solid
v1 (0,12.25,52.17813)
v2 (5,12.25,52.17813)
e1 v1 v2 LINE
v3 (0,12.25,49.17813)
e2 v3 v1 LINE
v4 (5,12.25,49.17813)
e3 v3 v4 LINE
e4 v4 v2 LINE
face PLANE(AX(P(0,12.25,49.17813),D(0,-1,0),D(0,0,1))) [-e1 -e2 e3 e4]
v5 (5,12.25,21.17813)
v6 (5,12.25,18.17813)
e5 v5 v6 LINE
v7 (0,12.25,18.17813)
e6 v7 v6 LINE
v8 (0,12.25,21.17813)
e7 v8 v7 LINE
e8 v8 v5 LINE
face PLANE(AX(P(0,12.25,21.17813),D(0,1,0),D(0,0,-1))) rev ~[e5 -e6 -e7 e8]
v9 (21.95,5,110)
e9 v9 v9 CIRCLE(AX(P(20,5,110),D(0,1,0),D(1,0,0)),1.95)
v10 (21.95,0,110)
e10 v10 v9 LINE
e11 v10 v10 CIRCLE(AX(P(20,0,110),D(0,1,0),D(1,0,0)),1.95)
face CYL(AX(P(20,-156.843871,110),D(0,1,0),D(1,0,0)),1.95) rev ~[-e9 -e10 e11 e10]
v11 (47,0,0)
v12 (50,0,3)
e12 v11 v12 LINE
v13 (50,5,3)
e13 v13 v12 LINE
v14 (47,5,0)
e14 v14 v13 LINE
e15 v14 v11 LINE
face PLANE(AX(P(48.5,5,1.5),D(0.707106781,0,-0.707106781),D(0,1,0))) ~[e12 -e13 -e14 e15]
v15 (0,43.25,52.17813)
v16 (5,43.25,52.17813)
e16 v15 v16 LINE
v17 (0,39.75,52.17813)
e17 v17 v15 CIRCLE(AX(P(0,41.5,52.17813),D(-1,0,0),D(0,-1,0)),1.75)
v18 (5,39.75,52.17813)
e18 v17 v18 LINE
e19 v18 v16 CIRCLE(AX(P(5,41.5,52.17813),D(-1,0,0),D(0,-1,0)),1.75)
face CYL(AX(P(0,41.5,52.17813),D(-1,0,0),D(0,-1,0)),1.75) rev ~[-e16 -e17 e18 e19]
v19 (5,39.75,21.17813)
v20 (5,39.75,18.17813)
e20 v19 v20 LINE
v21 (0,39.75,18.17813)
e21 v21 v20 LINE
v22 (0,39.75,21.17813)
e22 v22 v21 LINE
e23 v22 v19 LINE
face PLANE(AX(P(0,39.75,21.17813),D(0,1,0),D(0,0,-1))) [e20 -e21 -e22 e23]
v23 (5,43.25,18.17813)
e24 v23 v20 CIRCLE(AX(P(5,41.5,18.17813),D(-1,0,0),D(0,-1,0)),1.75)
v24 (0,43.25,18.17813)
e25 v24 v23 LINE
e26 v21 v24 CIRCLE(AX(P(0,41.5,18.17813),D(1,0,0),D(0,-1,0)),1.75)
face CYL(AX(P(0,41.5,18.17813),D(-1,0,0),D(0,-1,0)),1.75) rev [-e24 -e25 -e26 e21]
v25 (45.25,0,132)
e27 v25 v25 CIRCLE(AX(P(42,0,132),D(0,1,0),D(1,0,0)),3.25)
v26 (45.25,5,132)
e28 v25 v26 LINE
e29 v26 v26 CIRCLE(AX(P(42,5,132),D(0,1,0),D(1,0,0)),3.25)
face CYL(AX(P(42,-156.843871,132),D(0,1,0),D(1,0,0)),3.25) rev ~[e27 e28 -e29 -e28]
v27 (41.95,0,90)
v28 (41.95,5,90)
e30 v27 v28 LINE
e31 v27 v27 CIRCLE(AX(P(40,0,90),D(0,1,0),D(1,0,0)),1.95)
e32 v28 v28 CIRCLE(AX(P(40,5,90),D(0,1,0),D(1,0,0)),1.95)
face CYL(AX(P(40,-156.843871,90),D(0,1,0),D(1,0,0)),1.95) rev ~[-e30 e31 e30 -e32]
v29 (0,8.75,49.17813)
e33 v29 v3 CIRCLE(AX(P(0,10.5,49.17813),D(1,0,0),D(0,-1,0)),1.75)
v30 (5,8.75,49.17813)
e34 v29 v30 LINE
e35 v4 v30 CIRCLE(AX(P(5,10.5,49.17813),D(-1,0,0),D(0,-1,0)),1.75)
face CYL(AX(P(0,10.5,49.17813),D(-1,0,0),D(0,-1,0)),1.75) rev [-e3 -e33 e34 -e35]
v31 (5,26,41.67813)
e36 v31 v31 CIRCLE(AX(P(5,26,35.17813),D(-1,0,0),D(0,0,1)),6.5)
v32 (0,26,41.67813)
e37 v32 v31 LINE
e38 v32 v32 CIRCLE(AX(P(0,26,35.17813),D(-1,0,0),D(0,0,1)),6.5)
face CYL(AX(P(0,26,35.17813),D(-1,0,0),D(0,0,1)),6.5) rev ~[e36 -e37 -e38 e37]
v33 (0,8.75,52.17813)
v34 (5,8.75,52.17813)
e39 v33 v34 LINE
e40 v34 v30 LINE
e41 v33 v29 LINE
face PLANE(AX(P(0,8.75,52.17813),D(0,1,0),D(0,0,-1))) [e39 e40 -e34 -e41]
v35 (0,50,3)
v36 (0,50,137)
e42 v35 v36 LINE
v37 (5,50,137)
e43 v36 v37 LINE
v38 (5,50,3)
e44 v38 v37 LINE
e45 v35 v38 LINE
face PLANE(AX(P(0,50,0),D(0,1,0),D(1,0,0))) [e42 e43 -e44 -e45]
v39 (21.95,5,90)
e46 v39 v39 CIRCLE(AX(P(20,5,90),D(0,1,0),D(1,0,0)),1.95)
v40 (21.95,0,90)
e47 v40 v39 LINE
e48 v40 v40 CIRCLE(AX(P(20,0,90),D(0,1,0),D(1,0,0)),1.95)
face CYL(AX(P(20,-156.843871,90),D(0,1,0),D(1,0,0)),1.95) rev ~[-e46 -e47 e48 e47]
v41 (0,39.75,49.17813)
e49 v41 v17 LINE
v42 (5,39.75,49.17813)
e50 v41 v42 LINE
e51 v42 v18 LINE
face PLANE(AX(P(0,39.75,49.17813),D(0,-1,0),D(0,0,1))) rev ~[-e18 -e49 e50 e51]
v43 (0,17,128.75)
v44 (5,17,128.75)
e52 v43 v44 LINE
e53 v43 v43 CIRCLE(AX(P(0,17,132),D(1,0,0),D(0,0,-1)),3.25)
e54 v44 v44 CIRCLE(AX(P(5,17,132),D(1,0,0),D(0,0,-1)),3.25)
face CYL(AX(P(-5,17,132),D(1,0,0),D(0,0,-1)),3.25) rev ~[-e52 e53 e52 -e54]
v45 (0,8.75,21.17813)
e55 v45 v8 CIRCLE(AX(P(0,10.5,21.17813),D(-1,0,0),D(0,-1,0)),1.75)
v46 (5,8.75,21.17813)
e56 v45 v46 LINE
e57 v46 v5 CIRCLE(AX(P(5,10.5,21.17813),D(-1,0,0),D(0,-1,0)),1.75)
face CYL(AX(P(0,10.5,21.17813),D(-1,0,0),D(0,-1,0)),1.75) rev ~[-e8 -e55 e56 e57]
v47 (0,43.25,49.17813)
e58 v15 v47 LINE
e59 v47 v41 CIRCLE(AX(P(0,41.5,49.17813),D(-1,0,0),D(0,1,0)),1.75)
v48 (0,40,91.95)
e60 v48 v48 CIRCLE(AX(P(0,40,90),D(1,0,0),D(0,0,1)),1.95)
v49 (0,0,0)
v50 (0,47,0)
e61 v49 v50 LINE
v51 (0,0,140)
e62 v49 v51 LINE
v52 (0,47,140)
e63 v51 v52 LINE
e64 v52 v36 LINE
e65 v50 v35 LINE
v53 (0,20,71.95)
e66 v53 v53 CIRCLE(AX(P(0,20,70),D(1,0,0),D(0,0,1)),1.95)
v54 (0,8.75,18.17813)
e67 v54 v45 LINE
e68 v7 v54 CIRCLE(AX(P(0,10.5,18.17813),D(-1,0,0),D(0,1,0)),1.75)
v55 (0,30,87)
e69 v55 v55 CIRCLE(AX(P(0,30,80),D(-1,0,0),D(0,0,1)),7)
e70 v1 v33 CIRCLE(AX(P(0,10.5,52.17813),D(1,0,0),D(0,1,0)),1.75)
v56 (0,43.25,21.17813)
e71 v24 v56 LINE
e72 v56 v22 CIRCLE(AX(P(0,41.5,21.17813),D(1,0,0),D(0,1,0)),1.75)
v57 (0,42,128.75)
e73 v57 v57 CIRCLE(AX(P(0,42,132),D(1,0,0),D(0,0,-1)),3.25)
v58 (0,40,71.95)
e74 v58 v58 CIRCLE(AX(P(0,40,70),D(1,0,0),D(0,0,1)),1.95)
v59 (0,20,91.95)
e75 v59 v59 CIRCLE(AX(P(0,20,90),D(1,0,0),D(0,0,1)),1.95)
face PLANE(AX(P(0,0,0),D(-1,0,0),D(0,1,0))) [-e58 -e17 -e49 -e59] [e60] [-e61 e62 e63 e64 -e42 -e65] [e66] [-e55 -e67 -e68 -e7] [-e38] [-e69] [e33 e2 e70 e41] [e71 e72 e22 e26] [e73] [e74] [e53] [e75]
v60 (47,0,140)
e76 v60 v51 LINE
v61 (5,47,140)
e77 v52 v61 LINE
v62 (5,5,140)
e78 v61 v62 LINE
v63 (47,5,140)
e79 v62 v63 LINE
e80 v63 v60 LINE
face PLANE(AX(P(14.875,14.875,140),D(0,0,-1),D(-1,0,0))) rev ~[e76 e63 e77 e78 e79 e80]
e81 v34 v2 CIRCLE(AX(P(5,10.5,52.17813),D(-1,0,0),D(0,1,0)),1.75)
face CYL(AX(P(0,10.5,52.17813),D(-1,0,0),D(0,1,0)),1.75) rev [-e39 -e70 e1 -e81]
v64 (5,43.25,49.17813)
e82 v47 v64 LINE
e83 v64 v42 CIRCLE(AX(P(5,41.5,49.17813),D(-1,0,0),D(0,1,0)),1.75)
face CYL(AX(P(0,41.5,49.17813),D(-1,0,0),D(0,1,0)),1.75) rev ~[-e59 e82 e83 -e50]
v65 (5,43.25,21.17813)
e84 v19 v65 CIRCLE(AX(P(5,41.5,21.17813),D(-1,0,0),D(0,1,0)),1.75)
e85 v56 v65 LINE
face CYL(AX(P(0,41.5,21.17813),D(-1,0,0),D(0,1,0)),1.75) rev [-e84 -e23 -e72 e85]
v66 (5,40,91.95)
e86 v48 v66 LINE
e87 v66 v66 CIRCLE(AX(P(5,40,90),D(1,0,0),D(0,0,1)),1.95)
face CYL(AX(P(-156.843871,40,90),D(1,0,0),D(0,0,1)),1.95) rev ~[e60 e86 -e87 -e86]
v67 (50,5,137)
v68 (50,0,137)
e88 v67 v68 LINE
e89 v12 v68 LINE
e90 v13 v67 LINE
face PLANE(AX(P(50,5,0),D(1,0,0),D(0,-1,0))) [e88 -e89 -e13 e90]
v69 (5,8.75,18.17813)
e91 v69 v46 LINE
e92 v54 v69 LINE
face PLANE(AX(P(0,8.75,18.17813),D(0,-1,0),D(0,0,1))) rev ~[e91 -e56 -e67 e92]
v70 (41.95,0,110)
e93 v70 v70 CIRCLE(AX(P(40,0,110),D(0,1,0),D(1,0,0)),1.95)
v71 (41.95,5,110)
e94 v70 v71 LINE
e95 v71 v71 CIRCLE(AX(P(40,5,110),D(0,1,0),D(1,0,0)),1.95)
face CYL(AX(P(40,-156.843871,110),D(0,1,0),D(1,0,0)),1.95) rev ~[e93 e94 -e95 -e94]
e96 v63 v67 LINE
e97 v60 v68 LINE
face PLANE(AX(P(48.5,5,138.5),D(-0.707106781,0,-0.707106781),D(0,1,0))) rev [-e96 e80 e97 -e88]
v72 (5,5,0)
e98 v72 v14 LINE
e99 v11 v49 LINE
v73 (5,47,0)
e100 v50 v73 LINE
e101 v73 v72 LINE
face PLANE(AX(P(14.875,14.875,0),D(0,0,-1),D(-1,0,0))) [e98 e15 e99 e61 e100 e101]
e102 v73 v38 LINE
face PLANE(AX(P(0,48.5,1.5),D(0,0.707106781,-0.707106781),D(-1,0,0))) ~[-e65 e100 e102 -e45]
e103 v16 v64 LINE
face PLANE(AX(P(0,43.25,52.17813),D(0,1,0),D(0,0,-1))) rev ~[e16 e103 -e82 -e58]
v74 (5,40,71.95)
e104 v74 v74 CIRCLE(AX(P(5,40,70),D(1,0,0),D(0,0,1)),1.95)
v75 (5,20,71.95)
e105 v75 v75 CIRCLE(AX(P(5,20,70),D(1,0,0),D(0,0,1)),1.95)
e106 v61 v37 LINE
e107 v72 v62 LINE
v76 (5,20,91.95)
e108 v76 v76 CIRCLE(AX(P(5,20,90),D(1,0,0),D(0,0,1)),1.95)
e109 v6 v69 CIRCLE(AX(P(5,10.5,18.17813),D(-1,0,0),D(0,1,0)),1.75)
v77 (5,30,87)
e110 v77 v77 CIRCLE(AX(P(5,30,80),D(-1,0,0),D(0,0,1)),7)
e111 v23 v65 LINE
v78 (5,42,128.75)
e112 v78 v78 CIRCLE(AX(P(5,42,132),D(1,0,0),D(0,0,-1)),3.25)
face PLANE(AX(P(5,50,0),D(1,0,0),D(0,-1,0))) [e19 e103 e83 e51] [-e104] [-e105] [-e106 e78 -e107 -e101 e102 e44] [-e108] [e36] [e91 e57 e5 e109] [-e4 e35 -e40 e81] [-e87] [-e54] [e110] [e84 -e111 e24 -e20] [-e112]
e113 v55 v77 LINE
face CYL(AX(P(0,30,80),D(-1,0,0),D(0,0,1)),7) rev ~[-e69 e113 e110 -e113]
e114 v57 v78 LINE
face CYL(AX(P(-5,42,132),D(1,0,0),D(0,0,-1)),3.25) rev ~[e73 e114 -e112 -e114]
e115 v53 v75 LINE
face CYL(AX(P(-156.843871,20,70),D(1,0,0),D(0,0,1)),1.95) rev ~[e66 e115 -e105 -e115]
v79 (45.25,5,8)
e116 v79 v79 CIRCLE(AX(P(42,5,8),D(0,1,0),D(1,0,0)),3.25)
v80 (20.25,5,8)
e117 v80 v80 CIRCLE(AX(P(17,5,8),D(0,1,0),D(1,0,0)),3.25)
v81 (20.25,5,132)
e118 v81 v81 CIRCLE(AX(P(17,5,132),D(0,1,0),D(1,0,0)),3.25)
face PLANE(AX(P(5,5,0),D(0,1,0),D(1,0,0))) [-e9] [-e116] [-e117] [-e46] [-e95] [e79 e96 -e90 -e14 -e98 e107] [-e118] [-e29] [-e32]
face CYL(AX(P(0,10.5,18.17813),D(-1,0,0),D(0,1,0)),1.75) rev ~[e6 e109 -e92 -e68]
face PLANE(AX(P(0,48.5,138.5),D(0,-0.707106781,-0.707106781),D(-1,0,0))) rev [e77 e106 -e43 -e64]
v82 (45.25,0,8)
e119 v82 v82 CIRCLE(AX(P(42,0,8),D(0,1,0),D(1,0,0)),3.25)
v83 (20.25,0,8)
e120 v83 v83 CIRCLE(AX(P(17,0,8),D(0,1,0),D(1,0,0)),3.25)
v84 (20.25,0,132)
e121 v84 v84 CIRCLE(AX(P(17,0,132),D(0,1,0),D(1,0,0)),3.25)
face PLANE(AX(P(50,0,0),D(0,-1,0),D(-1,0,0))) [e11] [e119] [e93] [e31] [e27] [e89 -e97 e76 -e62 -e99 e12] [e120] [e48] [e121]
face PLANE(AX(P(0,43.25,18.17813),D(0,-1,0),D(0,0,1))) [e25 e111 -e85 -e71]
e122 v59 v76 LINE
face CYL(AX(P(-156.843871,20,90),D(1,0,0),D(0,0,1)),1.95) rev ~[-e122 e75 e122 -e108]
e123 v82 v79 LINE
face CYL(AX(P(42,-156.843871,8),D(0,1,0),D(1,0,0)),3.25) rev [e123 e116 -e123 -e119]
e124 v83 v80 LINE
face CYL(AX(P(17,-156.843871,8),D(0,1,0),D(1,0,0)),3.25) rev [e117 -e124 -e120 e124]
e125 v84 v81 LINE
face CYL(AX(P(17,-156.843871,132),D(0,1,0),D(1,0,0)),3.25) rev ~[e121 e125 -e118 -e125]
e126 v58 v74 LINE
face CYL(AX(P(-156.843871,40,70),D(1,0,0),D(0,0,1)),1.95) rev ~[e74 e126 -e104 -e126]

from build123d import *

# Parameters (mm, degrees)
ESTRUSIONE_ESTRUSIONE1_DEPTH = 140
FORO_6_5_6_5_1_D             = 6.5
FORO_6_5_6_5_2_D             = 6.5
FORO_6_5_6_5_2_DEPTH         = 5
FORO_6_5_6_5_2_TIP           = 1.952797012
TAGLIO_ESTRUSIONE3_REACH     = 52
SCHIZZO10_R                  = 7
TAGLIO_ESTRUSIONE6_REACH     = 52
SCHIZZO13_R                  = 6.5
SMUSSO1_SIZE                 = 3
M3_5_CLEARANCE_HOLE1_D       = 3.9
M3_5_CLEARANCE_HOLE2_D       = 3.9


with BuildPart() as part:
    # Schizzo1 → Estrusione-Estrusione1 (new body)
    with BuildSketch(Plane.XY):
        Polygon((0, 0), (0, 50), (5, 50), (5, 5), (50, 5), (50, 0), align=None)
    extrude(amount=ESTRUSIONE_ESTRUSIONE1_DEPTH)

    # Foro Ø6.5 (6.5)-1 (through all)
    with Locations(Plane(origin=(0, 0, 0), x_dir=(-1, 0, 0), z_dir=(0, -1, 0))):
        with Locations((-17, -132), (-42, -132)):
            foro_6_5_6_5_1 = Hole(FORO_6_5_6_5_1_D / 2)

    # Foro Ø6.5 (6.5)-2
    with Locations(Plane.ZY):
        with Locations((132, 42), (132, 17)):
            Hole(FORO_6_5_6_5_2_D / 2, depth=FORO_6_5_6_5_2_DEPTH)
            with Locations((0, 0, -(FORO_6_5_6_5_2_DEPTH + FORO_6_5_6_5_2_TIP / 2))):  # 118° drill point
                Cone(0, FORO_6_5_6_5_2_D / 2, FORO_6_5_6_5_2_TIP, mode=Mode.SUBTRACT)

    # Specchia1: Foro Ø6.5 (6.5)-1 across plane
    add(foro_6_5_6_5_1.mirror(Plane.XY.offset(70)), mode=Mode.SUBTRACT)

    # Schizzo10 → Taglio-Estrusione3 (cut, up to next)
    with BuildSketch(Plane.ZY, mode=Mode.PRIVATE) as taglio_estrusione3_sk1:
        with Locations((80, 30)):
            Circle(SCHIZZO10_R)
    taglio_estrusione3_tool1 = extrude(taglio_estrusione3_sk1.sketch, amount=-TAGLIO_ESTRUSIONE3_REACH, mode=Mode.PRIVATE) & part.part
    add(taglio_estrusione3_tool1.solids().sort_by_distance((0, 30, 80))[0], mode=Mode.SUBTRACT)

    # Schizzo13 → Taglio-Estrusione6 (cut, up to next)
    with BuildSketch(Plane.ZY, mode=Mode.PRIVATE) as taglio_estrusione6_sk1:
        with Locations((35.178130338, 26)):
            Circle(SCHIZZO13_R)
    taglio_estrusione6_tool1 = extrude(taglio_estrusione6_sk1.sketch, amount=-TAGLIO_ESTRUSIONE6_REACH, mode=Mode.PRIVATE) & part.part
    add(taglio_estrusione6_tool1.solids().sort_by_distance((0, 26, 35.17813))[0], mode=Mode.SUBTRACT)
    # Schizzo13 → Taglio-Estrusione6 (cut, up to next)
    with BuildSketch(Plane.ZY, mode=Mode.PRIVATE) as taglio_estrusione6_sk2:
        with BuildLine():
            Line((18.178130338, 43.25), (21.178130338, 43.25))
            ThreePointArc((21.178130338, 43.25), (22.928130338, 41.5), (21.178130338, 39.75))
            Line((21.178130338, 39.75), (18.178130338, 39.75))
            ThreePointArc((18.178130338, 39.75), (16.428130338, 41.5), (18.178130338, 43.25))
        make_face()
    taglio_estrusione6_tool2 = extrude(taglio_estrusione6_sk2.sketch, amount=-TAGLIO_ESTRUSIONE6_REACH, mode=Mode.PRIVATE) & part.part
    add(taglio_estrusione6_tool2.solids().sort_by_distance((0, 41.5, 19.67813))[0], mode=Mode.SUBTRACT)
    # Schizzo13 → Taglio-Estrusione6 (cut, up to next)
    with BuildSketch(Plane.ZY, mode=Mode.PRIVATE) as taglio_estrusione6_sk3:
        with BuildLine():
            Line((18.178130338, 8.75), (21.178130338, 8.75))
            ThreePointArc((21.178130338, 8.75), (22.928130338, 10.5), (21.178130338, 12.25))
            Line((21.178130338, 12.25), (18.178130338, 12.25))
            ThreePointArc((18.178130338, 12.25), (16.428130338, 10.5), (18.178130338, 8.75))
        make_face()
    taglio_estrusione6_tool3 = extrude(taglio_estrusione6_sk3.sketch, amount=-TAGLIO_ESTRUSIONE6_REACH, mode=Mode.PRIVATE) & part.part
    add(taglio_estrusione6_tool3.solids().sort_by_distance((0, 10.5, 19.67813))[0], mode=Mode.SUBTRACT)
    # Schizzo13 → Taglio-Estrusione6 (cut, up to next)
    with BuildSketch(Plane.ZY, mode=Mode.PRIVATE) as taglio_estrusione6_sk4:
        with BuildLine():
            Line((52.178130338, 43.25), (49.178130338, 43.25))
            ThreePointArc((49.178130338, 43.25), (47.428130338, 41.5), (49.178130338, 39.75))
            Line((49.178130338, 39.75), (52.178130338, 39.75))
            ThreePointArc((52.178130338, 39.75), (53.928130338, 41.5), (52.178130338, 43.25))
        make_face()
    taglio_estrusione6_tool4 = extrude(taglio_estrusione6_sk4.sketch, amount=-TAGLIO_ESTRUSIONE6_REACH, mode=Mode.PRIVATE) & part.part
    add(taglio_estrusione6_tool4.solids().sort_by_distance((0, 41.5, 50.67813))[0], mode=Mode.SUBTRACT)
    # Schizzo13 → Taglio-Estrusione6 (cut, up to next)
    with BuildSketch(Plane.ZY, mode=Mode.PRIVATE) as taglio_estrusione6_sk5:
        with BuildLine():
            Line((52.178130338, 8.75), (49.178130338, 8.75))
            ThreePointArc((49.178130338, 8.75), (47.428130338, 10.5), (49.178130338, 12.25))
            Line((49.178130338, 12.25), (52.178130338, 12.25))
            ThreePointArc((52.178130338, 12.25), (53.928130338, 10.5), (52.178130338, 8.75))
        make_face()
    taglio_estrusione6_tool5 = extrude(taglio_estrusione6_sk5.sketch, amount=-TAGLIO_ESTRUSIONE6_REACH, mode=Mode.PRIVATE) & part.part
    add(taglio_estrusione6_tool5.solids().sort_by_distance((0, 10.5, 50.67813))[0], mode=Mode.SUBTRACT)

    # Smusso1
    smusso1_edges = [part.edges().sort_by_distance(p)[0] for p in [
        (2.5, 50, 140),
        (2.5, 50, 0),
        (50, 2.5, 140),
        (50, 2.5, 0),
    ]]
    chamfer(smusso1_edges, length=SMUSSO1_SIZE)

    # M3.5 Clearance Hole1 (through all)
    with Locations(Plane(origin=(0, 40, 70), x_dir=(0, 0, -1), z_dir=(-1, 0, 0))):
        with Locations((0, 0), (-20, 0), (-20, 20), (0, 20)):
            Hole(M3_5_CLEARANCE_HOLE1_D / 2)

    # M3.5 Clearance Hole2 (through all)
    with Locations(Plane(origin=(20, 0, 110), x_dir=(-1, 0, 0), z_dir=(0, -1, 0))):
        with Locations((0, 0), (-20, 0), (-20, 20), (0, 20)):
            Hole(M3_5_CLEARANCE_HOLE2_D / 2)


solid = part.part
